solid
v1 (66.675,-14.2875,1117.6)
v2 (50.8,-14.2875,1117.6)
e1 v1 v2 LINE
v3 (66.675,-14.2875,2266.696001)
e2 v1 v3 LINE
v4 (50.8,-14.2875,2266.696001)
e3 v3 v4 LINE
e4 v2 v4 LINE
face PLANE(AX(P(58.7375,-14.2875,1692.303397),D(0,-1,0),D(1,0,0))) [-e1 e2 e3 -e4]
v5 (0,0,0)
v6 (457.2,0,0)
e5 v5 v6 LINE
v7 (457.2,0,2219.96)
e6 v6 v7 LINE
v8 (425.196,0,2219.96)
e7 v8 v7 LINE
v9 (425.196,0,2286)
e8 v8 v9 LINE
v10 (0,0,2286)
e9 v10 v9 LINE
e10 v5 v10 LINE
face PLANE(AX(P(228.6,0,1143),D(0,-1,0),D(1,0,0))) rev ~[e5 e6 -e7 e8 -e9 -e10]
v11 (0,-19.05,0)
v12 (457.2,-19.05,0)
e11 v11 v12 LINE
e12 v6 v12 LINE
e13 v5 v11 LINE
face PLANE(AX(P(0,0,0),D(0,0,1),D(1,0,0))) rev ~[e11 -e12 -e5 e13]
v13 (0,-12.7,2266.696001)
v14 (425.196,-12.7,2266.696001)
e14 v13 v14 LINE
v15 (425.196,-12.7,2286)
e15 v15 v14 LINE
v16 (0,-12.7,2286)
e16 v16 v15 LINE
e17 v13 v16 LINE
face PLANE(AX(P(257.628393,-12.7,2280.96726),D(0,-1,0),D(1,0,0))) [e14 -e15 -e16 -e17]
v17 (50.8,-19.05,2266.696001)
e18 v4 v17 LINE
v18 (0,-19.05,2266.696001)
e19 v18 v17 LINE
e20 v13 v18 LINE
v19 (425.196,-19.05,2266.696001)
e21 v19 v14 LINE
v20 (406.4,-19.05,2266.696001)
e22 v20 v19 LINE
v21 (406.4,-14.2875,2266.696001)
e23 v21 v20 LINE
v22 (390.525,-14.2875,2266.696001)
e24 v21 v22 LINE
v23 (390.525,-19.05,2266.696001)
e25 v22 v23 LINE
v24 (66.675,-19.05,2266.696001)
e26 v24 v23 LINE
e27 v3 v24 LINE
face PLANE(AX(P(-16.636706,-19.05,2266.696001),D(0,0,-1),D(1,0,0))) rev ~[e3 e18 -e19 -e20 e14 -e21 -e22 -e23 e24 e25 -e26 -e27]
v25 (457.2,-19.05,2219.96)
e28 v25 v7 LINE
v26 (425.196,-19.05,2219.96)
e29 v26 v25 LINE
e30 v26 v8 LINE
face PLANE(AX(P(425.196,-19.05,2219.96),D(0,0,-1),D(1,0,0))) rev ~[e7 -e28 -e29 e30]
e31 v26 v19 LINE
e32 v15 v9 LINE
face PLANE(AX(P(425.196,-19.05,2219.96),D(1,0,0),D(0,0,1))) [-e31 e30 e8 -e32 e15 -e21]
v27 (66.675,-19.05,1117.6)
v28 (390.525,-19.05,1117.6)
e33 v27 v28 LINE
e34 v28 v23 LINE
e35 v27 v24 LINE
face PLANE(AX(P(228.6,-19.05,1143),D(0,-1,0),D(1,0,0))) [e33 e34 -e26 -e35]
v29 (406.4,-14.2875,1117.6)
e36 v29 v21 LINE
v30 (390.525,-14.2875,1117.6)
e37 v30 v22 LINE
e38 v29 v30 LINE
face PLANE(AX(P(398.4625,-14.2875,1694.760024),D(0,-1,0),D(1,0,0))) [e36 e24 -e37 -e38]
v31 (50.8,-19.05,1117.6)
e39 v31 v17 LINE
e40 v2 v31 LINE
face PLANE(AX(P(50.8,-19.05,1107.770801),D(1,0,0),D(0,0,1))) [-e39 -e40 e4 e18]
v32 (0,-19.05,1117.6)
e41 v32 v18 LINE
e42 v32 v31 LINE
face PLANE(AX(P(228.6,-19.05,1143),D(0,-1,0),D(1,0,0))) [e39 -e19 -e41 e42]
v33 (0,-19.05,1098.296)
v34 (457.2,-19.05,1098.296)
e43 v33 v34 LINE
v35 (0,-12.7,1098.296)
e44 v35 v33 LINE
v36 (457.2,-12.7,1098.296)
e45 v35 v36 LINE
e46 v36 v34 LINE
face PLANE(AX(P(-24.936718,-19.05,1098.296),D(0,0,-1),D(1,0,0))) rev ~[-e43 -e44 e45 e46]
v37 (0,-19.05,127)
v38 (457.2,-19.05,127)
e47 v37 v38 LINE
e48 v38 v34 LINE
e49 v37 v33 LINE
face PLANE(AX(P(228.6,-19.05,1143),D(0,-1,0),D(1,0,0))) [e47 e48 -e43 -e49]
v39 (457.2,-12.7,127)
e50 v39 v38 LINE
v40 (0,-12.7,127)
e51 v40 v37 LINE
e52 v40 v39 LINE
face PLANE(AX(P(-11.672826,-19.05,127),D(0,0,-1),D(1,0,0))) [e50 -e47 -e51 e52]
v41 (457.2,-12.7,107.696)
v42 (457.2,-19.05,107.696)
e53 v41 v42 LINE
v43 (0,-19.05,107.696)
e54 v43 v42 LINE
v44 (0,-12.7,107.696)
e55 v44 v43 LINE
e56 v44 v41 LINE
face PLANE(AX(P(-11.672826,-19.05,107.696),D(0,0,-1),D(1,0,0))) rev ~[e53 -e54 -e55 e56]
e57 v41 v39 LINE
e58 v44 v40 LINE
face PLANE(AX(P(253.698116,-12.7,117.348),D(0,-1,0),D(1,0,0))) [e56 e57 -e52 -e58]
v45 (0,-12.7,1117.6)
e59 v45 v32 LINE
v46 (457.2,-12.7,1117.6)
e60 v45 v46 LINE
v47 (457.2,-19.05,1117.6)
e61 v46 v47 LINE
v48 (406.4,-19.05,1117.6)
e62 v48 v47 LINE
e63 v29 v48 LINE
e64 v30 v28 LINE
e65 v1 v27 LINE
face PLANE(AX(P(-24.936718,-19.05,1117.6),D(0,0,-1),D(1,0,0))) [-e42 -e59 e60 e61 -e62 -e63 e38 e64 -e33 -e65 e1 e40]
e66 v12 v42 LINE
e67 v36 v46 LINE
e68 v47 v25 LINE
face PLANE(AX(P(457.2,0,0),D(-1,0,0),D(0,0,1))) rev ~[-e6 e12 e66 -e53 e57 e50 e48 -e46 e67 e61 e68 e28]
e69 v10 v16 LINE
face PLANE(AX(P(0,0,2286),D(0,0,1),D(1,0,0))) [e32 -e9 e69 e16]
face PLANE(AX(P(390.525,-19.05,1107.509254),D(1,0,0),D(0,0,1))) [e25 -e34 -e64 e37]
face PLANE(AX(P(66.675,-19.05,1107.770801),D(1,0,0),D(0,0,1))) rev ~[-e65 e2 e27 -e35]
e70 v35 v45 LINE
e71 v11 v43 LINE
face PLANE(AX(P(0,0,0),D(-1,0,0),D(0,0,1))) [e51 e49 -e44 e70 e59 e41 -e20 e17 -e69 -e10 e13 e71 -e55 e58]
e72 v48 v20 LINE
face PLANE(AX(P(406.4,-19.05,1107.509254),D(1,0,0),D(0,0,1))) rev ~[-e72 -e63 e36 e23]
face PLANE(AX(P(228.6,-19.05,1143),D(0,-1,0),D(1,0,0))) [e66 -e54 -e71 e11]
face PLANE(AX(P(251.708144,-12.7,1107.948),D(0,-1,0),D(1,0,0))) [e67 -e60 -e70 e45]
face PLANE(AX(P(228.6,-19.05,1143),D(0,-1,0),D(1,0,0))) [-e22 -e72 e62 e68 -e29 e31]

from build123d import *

# Parameters (mm, degrees)
F0_W     = 457.2
F0_H     = 2286
F1_DEPTH = 19.05
F2_W     = 32.004
F2_H     = 66.04
F3_DEPTH = 19.051
F4_W     = 530.741885
F4_H     = 19.304
F4_W_2   = 553.289723
F4_W_3   = 548.530197
F4_H_2   = 28.542519
F5_DEPTH = 6.35
F6_W     = 15.875
F6_H     = 1169.065192
F6_H_2   = 1174.501539
F7_DEPTH = 4.7625


with BuildPart() as f1:
    # F0 (on Front) → F1 (new body)
    with BuildSketch(Plane.XZ):
        with Locations((228.6, 1143)):
            Rectangle(F0_W, F0_H)
    extrude(amount=F1_DEPTH)

    # F2 (on face) → F3 (cut, through all)
    with BuildSketch(Plane.XZ.offset(19.05)):
        with Locations((441.198, 2252.98)):
            Rectangle(F2_W, F2_H)
    extrude(amount=-F3_DEPTH, mode=Mode.SUBTRACT)

    # F4 (on face) → F5 (cut)
    with BuildSketch(Plane.XZ.offset(19.05)):
        with Locations((253.698116, 117.348)):
            Rectangle(F4_W, F4_H)
        with Locations((251.708144, 1107.948)):
            Rectangle(F4_W_2, F4_H)
        with Locations((257.628393, 2280.96726)):
            Rectangle(F4_W_3, F4_H_2)
    extrude(amount=-F5_DEPTH, mode=Mode.SUBTRACT)

    # F6 (on face) → F7 (cut)
    with BuildSketch(Plane.XZ.offset(19.05)):
        with Locations((58.7375, 1692.303397)):
            Rectangle(F6_W, F6_H)
        with Locations((398.4625, 1694.760024)):
            Rectangle(F6_W, F6_H_2)
    extrude(amount=-F7_DEPTH, mode=Mode.SUBTRACT)


solid = f1.part
